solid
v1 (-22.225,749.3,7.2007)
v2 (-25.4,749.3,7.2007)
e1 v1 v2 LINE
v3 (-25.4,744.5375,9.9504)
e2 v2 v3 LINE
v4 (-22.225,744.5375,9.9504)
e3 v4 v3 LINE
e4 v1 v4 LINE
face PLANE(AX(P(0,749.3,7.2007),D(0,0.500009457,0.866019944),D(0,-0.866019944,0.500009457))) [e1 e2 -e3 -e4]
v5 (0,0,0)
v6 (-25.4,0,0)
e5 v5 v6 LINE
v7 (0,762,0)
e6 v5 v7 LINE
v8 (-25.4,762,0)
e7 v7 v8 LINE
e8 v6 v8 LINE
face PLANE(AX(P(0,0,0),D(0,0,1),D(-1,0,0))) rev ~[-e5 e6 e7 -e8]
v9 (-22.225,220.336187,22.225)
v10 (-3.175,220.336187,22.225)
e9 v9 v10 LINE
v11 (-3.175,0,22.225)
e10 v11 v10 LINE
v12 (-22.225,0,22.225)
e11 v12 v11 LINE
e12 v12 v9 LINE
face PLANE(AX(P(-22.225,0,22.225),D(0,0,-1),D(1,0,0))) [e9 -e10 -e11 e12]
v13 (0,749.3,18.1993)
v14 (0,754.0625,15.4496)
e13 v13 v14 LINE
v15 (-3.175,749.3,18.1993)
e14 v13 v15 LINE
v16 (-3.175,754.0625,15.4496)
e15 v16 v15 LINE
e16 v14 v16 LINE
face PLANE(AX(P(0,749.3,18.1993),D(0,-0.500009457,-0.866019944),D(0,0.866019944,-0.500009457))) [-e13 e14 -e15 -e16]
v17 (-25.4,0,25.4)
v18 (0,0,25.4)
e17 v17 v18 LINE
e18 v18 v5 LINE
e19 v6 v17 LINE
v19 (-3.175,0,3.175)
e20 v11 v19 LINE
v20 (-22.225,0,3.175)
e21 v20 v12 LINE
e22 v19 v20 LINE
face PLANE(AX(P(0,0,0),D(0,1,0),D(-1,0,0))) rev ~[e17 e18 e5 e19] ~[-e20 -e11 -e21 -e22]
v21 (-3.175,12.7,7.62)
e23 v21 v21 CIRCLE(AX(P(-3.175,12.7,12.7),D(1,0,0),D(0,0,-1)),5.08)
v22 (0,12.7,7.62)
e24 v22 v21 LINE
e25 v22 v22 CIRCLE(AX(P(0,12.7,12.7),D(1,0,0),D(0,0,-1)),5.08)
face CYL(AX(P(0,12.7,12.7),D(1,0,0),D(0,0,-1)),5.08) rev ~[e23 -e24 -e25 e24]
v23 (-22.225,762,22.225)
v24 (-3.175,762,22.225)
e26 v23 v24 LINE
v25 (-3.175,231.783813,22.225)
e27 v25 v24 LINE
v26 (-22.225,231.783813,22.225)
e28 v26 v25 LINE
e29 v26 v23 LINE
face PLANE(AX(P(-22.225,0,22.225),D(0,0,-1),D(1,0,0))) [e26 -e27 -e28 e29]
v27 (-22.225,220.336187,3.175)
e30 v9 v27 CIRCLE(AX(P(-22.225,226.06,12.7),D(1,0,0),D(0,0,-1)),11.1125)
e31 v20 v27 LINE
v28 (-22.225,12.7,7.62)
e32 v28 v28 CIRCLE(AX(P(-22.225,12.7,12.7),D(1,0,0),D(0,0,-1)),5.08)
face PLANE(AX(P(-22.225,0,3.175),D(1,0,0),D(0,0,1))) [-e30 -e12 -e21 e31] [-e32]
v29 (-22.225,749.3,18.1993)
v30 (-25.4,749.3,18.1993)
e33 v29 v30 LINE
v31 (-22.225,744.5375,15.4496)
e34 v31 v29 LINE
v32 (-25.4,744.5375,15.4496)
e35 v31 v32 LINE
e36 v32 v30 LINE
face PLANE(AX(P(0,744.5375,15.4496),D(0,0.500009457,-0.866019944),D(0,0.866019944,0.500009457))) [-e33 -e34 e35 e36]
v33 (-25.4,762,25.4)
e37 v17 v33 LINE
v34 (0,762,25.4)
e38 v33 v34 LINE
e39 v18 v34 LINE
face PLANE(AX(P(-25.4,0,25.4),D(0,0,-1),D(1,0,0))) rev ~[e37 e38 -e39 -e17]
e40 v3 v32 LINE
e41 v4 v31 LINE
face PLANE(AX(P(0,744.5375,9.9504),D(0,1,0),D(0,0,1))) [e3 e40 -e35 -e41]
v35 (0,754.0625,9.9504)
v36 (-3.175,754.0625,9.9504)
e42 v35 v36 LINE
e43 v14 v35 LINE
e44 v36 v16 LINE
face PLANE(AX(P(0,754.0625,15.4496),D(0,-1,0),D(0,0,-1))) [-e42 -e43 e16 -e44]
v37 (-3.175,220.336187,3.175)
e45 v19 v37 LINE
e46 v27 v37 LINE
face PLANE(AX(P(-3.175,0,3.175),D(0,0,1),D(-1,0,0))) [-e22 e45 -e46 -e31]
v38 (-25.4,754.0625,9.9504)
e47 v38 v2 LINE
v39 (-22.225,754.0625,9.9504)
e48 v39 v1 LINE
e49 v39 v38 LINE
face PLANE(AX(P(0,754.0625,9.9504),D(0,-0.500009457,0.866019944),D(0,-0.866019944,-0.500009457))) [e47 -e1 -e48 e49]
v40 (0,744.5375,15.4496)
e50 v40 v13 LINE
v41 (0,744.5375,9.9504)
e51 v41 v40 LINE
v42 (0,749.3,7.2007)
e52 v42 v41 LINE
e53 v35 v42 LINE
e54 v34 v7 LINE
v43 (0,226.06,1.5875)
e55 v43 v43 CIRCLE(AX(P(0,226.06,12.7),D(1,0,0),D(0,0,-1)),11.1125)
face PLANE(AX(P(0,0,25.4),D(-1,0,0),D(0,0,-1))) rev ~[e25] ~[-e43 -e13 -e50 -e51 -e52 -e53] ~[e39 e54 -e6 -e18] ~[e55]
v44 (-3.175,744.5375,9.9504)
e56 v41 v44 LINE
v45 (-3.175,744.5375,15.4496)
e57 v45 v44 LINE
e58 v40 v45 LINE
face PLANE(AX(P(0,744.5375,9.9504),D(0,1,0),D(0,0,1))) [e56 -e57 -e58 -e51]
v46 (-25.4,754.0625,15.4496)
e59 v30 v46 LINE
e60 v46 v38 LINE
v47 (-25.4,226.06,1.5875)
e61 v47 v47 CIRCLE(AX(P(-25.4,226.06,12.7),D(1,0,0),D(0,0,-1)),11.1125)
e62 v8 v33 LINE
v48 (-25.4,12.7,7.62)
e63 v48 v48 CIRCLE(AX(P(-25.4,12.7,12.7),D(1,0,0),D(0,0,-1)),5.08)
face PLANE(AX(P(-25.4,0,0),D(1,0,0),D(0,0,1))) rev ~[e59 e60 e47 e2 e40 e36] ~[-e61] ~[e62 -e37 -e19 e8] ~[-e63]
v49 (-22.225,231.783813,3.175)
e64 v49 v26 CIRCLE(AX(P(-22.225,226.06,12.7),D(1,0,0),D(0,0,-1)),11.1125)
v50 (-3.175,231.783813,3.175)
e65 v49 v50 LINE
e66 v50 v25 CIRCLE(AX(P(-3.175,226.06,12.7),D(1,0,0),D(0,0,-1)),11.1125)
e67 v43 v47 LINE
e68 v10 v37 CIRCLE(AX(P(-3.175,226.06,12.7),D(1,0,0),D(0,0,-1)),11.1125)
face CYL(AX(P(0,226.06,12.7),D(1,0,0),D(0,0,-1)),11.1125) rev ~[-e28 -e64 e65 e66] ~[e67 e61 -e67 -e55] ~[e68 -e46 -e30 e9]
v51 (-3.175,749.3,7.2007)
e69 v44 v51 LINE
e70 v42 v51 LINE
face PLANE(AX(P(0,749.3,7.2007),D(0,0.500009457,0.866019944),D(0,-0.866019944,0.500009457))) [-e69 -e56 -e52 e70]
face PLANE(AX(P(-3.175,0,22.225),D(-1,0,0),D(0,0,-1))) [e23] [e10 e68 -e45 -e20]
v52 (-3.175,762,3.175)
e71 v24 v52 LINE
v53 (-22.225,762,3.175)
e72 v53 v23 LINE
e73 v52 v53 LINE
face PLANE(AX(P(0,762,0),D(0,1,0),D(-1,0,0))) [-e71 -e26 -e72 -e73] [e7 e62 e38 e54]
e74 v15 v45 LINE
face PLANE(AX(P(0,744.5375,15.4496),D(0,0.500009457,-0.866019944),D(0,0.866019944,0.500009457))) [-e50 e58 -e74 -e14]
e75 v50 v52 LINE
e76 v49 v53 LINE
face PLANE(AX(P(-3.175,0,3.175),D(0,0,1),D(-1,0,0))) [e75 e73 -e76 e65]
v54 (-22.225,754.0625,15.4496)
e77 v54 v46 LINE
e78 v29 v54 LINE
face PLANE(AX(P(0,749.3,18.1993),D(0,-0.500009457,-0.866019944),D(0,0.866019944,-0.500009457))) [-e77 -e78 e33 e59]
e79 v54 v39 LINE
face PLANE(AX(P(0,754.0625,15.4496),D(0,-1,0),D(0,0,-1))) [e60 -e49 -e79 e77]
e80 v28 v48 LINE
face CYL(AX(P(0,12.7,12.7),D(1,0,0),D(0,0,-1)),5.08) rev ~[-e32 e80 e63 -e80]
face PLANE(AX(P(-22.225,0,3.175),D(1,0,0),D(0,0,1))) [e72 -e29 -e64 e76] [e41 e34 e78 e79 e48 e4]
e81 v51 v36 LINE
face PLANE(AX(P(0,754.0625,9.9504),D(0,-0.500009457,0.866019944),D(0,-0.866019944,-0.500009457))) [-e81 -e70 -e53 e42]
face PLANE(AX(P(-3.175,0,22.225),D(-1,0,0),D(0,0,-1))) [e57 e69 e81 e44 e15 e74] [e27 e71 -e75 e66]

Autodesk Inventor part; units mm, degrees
ref_plane "YZ Plane" through (0, 0, 0) normal (1, 0, 0) x (0, 1, 0)
ref_plane "XZ Plane" through (0, 0, 0) normal (0, 1, 0) x (-1, 0, 0)
ref_plane "XY Plane" through (0, 0, 0) normal (0, 0, 1) x (1, 0, 0)
sketch "Sketch1" plane through (0, 0, 0) normal (0, 1, 0) x (-1, 0, 0)
  line L0 (0, 0) -> (25.4, 0)
  line L1 (25.4, 0) -> (25.4, 25.4)
  line L2 (25.4, 25.4) -> (0, 25.4)
  line L3 (0, 25.4) -> (0, 0)
  line L4 (3.175, 3.175) -> (22.225, 3.175)
  line L5 (22.225, 3.175) -> (22.225, 22.225)
  line L6 (22.225, 22.225) -> (3.175, 22.225)
  line L7 (3.175, 22.225) -> (3.175, 3.175)
  dimension "d0" = 25.4
  dimension "d1" = 25.4
  dimension "d2" = 3.175
  dimension "d3" = 3.175
  dimension "d4" = 3.175
  dimension "d6" = 3.175
extrude "Extrusion1" add sketch "Sketch1" along normal blind 762
sketch "Sketch3" plane through (0, 0, 25.4) normal (1, 0, 0) x (0, 0, -1)
  circle A0 centre (12.7, 12.7) radius 5.08
  line L0 (25.4, 0) -> (25.4, 762) projected
  line L1 (0, 0) -> (25.4, 0) projected
  dimension "d17" = 10.16
  dimension "d18" = 12.7
  dimension "d19" = 12.7
extrude "Extrusion3" cut sketch "Sketch3" against normal blind 25.4
sketch "Sketch4" plane through (0, 0, 25.4) normal (1, 0, 0) x (0, 0, -1)
  line L0 (0, 0) -> (0, 762) projected
  line L1 (0, 0) -> (25.4, 0) projected
  line L2 (25.4, 0) -> (25.4, 762) projected
  point P0 (12.7, 12.7)
  dimension "d22" = 12.7
  dimension "d23" = 12.7
sketch "Sketch5" plane through (0, 0, 25.4) normal (1, 0, 0) x (0, 0, -1)
  line L0 (15.4496, 744.5375) -> (9.9504, 744.5375)
  line L1 (9.9504, 744.5375) -> (7.2007, 749.3)
  line L2 (7.2007, 749.3) -> (9.9504, 754.0625)
  line L3 (9.9504, 754.0625) -> (15.4496, 754.0625)
  line L4 (15.4496, 754.0625) -> (18.1993, 749.3)
  line L5 (18.1993, 749.3) -> (15.4496, 744.5375)
  line L6 (0, 0) -> (0, 762) projected
  line L7 (0, 762) -> (25.4, 762) projected
  point P0 (25.4, 0)
  point P1 (12.7, 749.3)
  point P2 (12.7, 744.5375)
  dimension "d29" = 9.525
  dimension "d30" = 12.7
  dimension "d31" = 12.7
extrude "Extrusion5" cut sketch "Sketch5" against normal blind 25.4
extrude "Extrusion7" [suppressed]
sketch "Sketch6" plane through (0, 0, 25.4) normal (1, 0, 0) x (0, 0, -1)
  circle A0 centre (12.7, 226.06) radius 11.1125
  line L0 (25.4, 0) -> (25.4, 762) projected
  line L1 (0, 0) -> (25.4, 0) projected
  dimension "d40" = 22.225
  dimension "d41" = 12.7
  dimension "d42" = 226.06
extrude "Extrusion8" cut sketch "Sketch6" against normal blind 25.4
equation "\"d4\" = d2"
properties part number "1x1 8th Inch Aluminum Tube Custom Lift Arms"
